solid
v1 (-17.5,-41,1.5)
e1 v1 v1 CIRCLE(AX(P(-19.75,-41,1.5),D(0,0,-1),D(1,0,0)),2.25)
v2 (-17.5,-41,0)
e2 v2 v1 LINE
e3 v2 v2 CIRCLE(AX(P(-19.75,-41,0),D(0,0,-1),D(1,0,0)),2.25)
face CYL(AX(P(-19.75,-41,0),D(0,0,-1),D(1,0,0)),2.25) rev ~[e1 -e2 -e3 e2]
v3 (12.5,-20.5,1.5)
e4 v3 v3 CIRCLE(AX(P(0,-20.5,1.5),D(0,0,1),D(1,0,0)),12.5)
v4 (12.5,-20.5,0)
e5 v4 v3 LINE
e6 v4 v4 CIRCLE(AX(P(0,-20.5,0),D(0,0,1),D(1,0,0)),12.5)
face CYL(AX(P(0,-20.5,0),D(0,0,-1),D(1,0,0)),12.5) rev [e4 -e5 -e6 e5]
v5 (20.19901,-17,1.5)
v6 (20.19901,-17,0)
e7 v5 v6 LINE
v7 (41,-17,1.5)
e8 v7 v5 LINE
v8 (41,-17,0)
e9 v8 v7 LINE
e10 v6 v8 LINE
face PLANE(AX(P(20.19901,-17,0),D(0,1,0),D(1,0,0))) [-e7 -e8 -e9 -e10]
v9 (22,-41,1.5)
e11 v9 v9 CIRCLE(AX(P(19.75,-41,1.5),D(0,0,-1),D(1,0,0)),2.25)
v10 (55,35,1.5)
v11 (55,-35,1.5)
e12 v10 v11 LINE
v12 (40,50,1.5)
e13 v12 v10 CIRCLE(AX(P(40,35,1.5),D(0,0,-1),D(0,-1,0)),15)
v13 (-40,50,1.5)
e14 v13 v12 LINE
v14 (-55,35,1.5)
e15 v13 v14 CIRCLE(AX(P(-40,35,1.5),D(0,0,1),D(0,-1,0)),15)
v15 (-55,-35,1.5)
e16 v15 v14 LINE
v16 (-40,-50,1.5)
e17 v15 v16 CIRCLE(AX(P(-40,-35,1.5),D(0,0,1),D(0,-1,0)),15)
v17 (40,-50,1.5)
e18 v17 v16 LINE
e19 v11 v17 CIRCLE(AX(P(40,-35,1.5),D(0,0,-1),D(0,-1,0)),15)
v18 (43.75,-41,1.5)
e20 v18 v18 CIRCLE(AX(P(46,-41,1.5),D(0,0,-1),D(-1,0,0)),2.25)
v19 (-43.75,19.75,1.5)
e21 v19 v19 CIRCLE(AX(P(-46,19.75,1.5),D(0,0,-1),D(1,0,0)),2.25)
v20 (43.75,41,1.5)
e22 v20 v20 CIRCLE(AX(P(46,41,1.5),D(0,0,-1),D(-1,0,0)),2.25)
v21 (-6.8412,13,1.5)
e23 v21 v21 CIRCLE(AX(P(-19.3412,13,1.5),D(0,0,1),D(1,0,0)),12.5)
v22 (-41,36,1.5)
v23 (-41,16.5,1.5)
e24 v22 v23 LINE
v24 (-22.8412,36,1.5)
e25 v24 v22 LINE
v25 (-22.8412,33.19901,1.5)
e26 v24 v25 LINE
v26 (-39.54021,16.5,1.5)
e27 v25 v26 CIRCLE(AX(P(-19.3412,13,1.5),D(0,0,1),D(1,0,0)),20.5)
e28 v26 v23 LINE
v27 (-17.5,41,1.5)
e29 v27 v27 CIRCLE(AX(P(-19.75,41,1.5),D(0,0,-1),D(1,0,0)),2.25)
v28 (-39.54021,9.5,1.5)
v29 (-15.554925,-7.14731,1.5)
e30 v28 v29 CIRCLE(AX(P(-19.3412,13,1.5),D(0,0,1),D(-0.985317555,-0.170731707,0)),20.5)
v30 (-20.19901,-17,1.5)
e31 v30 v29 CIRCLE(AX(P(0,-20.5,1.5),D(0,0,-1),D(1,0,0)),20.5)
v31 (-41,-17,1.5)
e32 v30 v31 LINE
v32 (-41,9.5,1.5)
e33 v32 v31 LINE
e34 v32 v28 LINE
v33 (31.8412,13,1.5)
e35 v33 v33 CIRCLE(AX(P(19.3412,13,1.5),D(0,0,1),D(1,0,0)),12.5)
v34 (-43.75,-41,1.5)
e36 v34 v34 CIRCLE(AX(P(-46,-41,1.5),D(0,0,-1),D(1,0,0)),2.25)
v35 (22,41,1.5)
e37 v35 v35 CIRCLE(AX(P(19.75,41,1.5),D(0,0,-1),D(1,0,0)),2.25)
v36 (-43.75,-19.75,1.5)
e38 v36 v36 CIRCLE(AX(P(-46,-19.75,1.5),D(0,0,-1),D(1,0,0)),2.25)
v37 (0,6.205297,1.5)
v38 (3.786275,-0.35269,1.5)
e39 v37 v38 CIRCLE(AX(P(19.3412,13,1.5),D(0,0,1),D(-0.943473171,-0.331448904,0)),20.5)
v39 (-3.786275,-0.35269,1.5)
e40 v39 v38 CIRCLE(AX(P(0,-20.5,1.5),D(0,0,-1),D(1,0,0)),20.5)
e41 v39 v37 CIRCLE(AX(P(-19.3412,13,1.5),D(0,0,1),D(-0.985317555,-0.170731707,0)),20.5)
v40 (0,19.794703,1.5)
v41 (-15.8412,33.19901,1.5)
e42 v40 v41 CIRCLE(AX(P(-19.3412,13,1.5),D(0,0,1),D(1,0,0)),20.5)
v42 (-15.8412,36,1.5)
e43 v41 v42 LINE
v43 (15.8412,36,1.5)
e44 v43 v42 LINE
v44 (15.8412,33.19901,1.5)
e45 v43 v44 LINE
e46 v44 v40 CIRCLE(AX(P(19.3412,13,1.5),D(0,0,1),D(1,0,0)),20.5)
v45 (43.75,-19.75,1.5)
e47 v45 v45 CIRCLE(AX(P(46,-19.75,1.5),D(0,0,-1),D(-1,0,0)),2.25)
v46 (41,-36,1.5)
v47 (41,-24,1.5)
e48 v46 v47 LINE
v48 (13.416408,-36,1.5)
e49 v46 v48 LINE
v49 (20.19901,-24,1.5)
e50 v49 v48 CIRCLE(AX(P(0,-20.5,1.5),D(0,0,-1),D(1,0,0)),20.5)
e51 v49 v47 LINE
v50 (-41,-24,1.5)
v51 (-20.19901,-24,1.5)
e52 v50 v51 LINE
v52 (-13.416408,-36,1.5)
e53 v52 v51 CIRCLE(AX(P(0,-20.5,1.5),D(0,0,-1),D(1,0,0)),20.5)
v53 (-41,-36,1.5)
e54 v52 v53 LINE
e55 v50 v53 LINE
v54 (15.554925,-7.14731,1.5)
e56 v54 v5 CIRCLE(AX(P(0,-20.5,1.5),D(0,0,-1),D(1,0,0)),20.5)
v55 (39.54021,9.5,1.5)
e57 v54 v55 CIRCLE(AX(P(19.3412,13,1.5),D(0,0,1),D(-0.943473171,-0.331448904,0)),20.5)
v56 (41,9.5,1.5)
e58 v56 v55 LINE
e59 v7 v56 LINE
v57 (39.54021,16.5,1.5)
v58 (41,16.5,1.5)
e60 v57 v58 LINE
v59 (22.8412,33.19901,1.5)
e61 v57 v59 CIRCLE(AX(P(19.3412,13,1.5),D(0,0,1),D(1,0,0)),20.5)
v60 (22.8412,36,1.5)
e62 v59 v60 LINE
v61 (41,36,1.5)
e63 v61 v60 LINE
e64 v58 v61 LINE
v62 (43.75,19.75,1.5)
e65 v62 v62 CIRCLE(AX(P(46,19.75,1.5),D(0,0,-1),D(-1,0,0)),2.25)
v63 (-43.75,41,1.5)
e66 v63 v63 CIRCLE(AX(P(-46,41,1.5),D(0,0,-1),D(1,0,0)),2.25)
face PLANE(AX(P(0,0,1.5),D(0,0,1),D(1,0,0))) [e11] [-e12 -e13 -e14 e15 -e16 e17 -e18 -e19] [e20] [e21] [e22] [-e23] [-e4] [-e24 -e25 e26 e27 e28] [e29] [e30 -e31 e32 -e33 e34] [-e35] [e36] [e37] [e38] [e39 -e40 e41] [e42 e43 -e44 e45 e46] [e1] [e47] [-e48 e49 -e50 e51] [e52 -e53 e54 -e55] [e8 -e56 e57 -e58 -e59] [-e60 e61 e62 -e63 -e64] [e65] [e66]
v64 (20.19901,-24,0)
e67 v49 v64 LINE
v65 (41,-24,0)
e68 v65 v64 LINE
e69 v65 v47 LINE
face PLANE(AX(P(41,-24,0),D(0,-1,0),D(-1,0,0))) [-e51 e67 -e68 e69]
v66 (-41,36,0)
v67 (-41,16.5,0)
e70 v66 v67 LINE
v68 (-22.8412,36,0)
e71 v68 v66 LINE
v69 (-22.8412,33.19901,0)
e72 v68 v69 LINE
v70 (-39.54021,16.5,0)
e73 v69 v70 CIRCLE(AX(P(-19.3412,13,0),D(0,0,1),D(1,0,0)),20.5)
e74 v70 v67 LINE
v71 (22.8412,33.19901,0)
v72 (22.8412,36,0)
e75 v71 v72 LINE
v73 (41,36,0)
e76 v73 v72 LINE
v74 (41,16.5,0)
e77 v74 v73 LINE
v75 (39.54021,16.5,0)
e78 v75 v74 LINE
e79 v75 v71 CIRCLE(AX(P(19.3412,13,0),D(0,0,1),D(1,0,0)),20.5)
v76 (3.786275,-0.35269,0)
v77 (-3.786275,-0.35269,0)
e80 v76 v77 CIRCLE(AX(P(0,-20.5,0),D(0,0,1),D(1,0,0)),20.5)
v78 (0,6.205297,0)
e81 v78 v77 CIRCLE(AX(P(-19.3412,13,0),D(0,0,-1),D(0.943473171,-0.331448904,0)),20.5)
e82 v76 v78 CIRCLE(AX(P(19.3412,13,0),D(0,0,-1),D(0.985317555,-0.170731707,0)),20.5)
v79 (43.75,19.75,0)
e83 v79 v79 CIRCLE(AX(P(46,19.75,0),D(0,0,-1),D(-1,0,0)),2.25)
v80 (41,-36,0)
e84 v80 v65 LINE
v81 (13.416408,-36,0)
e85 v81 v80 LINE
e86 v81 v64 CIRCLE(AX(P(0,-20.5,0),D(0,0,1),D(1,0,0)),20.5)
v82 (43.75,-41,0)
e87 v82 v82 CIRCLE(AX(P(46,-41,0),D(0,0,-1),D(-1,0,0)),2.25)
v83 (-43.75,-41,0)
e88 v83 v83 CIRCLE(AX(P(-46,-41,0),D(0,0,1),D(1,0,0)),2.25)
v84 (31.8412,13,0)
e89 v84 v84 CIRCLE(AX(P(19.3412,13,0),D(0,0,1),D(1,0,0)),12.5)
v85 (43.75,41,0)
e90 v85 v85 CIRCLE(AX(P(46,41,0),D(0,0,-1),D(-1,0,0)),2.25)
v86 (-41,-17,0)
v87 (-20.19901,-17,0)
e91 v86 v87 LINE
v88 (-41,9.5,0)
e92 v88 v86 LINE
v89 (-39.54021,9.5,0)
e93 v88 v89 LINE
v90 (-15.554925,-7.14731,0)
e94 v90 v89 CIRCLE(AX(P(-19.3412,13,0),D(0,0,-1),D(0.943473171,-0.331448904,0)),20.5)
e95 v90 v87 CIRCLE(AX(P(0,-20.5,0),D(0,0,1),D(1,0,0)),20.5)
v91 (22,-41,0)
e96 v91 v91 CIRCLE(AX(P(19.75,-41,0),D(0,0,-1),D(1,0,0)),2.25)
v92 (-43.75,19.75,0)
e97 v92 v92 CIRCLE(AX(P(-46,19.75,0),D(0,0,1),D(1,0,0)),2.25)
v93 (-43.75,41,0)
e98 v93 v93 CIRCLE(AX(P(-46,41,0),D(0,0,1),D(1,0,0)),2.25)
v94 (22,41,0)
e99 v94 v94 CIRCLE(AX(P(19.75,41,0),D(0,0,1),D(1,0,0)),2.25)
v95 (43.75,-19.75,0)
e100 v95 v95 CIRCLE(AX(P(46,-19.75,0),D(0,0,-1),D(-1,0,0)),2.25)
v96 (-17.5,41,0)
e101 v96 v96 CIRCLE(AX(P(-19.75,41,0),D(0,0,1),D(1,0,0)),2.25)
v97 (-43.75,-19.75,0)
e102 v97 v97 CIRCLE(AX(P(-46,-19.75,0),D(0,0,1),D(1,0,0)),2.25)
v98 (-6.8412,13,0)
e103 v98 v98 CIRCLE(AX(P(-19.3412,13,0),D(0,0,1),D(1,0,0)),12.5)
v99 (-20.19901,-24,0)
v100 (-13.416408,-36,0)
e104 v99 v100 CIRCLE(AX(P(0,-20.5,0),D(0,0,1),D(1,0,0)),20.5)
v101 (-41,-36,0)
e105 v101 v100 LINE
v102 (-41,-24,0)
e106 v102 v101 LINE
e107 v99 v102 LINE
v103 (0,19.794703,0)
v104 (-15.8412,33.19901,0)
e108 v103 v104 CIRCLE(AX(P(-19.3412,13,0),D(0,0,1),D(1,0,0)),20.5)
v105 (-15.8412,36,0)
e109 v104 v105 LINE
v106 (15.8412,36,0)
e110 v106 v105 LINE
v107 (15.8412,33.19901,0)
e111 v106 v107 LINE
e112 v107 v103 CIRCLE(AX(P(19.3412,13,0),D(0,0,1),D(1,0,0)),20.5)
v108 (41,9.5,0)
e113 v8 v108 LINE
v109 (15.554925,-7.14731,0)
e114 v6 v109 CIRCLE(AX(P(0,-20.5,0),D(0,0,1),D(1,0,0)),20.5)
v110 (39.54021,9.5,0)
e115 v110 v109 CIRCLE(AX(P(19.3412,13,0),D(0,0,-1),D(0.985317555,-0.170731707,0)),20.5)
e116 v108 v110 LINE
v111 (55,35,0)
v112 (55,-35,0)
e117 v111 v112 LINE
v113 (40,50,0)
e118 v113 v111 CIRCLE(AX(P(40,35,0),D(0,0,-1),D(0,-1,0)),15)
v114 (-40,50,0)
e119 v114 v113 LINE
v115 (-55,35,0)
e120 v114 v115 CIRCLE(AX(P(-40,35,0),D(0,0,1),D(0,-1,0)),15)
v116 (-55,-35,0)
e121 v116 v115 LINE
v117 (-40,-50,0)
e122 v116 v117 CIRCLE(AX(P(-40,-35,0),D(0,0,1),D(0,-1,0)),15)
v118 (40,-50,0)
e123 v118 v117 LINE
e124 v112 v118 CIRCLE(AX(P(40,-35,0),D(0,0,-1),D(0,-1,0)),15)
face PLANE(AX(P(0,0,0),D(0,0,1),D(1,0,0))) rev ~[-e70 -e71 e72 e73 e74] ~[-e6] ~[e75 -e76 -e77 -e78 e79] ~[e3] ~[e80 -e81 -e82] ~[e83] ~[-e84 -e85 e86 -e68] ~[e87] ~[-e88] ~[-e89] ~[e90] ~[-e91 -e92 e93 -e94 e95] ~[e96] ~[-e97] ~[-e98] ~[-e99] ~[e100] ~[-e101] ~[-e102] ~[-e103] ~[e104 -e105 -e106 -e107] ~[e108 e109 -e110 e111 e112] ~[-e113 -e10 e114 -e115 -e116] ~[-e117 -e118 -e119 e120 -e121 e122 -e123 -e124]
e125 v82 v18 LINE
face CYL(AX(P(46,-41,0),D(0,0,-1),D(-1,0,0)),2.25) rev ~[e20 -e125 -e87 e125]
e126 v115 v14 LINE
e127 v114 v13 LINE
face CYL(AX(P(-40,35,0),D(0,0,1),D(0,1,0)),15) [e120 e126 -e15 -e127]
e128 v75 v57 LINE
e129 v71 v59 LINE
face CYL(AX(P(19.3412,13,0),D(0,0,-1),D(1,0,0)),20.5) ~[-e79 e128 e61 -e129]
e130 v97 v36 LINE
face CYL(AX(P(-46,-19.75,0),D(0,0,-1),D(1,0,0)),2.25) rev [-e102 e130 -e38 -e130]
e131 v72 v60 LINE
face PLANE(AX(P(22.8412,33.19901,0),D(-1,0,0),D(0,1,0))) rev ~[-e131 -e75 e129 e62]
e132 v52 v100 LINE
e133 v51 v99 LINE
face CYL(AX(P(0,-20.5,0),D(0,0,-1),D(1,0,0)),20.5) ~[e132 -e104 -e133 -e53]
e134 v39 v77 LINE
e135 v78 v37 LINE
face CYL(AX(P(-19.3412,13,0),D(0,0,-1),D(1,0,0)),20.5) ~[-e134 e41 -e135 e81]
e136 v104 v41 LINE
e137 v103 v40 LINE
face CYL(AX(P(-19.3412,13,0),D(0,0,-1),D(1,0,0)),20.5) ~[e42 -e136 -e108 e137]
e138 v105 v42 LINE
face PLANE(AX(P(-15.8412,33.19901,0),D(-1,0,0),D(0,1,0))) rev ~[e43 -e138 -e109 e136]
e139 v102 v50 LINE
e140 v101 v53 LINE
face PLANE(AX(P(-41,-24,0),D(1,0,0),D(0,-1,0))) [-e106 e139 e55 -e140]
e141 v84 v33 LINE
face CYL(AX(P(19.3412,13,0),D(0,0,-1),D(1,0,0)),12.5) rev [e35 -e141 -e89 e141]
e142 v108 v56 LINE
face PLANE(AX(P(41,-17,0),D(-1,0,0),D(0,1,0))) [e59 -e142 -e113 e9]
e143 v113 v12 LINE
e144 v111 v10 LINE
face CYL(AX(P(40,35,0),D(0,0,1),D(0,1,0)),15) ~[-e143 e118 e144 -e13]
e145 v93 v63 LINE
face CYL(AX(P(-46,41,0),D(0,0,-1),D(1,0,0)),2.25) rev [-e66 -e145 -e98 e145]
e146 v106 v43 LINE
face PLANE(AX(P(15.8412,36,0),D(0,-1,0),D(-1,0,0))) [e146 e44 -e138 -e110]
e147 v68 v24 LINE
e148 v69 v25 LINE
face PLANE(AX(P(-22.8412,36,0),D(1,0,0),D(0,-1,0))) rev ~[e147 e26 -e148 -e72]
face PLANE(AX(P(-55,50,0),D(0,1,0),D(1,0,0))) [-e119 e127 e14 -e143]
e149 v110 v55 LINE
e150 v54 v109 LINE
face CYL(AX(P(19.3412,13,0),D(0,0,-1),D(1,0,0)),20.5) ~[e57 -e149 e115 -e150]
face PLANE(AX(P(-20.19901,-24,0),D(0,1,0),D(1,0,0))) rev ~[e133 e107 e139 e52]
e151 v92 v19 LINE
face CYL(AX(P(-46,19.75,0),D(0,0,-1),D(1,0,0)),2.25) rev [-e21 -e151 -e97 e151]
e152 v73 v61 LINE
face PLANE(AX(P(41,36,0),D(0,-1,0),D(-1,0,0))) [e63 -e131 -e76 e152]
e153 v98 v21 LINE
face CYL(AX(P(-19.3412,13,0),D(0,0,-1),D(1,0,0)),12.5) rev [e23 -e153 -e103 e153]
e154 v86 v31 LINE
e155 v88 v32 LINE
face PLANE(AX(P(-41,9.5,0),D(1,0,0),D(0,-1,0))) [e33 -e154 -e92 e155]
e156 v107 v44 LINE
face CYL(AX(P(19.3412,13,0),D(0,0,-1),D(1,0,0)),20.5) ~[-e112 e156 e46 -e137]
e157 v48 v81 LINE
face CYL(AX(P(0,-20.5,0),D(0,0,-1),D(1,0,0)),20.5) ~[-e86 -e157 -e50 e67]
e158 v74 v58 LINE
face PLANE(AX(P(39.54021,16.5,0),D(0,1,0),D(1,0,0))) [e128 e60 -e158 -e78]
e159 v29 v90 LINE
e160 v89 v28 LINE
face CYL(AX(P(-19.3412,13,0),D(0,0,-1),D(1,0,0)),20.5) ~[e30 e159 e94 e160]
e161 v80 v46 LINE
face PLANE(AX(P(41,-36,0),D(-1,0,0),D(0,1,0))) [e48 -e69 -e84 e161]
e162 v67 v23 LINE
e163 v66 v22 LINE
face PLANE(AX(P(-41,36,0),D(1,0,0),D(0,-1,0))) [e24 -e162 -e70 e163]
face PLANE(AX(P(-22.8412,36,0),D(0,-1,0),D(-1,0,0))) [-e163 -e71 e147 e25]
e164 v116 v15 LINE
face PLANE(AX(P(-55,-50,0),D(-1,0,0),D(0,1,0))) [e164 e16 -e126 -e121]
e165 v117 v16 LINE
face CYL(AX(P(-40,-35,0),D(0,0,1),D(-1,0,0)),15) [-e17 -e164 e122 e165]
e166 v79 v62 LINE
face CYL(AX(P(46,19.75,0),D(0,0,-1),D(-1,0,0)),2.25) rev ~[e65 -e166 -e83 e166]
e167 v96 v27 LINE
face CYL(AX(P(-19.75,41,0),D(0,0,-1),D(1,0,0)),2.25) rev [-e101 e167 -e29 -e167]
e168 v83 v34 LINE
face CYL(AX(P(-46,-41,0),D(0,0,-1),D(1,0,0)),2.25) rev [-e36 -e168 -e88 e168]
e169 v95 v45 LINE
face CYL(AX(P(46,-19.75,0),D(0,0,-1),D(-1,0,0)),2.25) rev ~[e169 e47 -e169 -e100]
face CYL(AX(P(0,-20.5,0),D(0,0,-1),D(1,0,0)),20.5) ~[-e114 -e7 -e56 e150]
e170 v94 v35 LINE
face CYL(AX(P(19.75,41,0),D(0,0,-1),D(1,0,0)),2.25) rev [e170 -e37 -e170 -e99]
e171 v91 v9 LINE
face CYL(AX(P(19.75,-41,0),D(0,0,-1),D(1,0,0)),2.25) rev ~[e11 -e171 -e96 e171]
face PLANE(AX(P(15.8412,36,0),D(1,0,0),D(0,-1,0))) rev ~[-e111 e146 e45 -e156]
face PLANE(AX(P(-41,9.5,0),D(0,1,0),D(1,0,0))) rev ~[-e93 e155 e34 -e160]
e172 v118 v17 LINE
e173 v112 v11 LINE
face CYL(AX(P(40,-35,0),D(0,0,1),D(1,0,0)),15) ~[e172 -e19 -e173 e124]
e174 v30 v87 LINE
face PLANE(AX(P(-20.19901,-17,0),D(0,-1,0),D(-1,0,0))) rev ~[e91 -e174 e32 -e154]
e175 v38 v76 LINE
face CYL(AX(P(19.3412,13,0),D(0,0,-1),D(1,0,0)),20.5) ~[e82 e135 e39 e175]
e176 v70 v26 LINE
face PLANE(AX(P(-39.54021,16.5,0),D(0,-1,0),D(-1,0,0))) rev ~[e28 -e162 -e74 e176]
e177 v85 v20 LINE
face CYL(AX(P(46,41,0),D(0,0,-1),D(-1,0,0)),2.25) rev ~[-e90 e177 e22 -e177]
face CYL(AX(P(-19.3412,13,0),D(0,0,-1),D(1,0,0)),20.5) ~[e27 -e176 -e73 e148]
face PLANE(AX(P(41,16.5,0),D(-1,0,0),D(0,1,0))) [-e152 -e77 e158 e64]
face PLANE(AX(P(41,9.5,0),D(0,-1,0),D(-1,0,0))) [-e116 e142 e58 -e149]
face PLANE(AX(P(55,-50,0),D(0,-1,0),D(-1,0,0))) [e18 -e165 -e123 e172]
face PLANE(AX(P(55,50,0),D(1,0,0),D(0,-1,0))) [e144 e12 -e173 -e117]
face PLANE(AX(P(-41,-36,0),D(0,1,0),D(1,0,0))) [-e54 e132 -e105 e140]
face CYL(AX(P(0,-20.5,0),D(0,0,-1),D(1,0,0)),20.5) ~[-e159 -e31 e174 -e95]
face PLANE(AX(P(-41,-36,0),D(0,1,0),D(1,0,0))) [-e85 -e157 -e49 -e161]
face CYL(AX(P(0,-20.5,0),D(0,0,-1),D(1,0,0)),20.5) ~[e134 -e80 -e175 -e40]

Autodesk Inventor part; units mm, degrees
ref_plane "YZ Plane" through (0, 0, 0) normal (1, 0, 0) x (0, 1, 0)
ref_plane "XZ Plane" through (0, 0, 0) normal (0, 1, 0) x (-1, 0, 0)
ref_plane "XY Plane" through (0, 0, 0) normal (0, 0, 1) x (1, 0, 0)
sketch "Sketch1" plane through (0, 0, 0) normal (0, 0, 1) x (1, 0, 0)
  line L0 (-55, 50) -> (55, 50)
  line L1 (55, 50) -> (55, -50)
  line L2 (55, -50) -> (-55, -50)
  line L3 (-55, -50) -> (-55, 50)
  line L4 (41, 36) -> (-41, 36)
  line L5 (-41, 36) -> (-41, -36)
  line L6 (-41, -36) -> (41, -36)
  line L7 (41, -36) -> (41, 36)
  line L8 (0, 152.7233) -> (0, -72.1628) construction
  line L9 (-77.8847, 0) -> (88.8171, 0) construction
  line L10 (-55, 41) -> (55, 41) construction
  circle A0 centre (0, 41) radius 2.25
  circle A1 centre (-19.75, 41) radius 2.25
  circle A2 centre (19.75, 41) radius 2.25
  line L11 (-46, 50) -> (-46, -50) construction
  circle A3 centre (-46, 41) radius 2.25
  circle A4 centre (-46, 0) radius 2.25
  line L12 (-55, -41) -> (55, -41) construction
  circle A5 centre (-46, -41) radius 2.25
  circle A6 centre (-46, 19.75) radius 2.25
  circle A7 centre (-46, -19.75) radius 2.25
  line L13 (0, -20.5) -> (-19.3412, 13) construction
  line L14 (-19.3412, 13) -> (19.3412, 13) construction
  line L15 (19.3412, 13) -> (0, -20.5) construction
  circle A8 centre (19.3412, 13) radius 12.5
  circle A9 centre (-19.3412, 13) radius 12.5
  circle A10 centre (0, -20.5) radius 12.5
  circle A11 centre (-19.3412, 13) radius 20.5
  circle A12 centre (19.3412, 13) radius 20.5
  circle A13 centre (0, -20.5) radius 20.5
  line L16 (-22.8412, 30.0471) -> (-15.8412, 30.0471)
  line L17 (-15.8412, 30.0471) -> (-15.8412, 36)
  line L18 (-15.8412, 36) -> (-22.8412, 36)
  line L19 (-22.8412, 36) -> (-22.8412, 30.0471)
  line L20 (15.8412, 30.0471) -> (22.8412, 30.0471)
  line L21 (22.8412, 30.0471) -> (22.8412, 36)
  line L22 (22.8412, 36) -> (15.8412, 36)
  line L23 (15.8412, 36) -> (15.8412, 30.0471)
  line L24 (-35.3273, 16.5) -> (-41, 16.5)
  line L25 (-41, 16.5) -> (-41, 9.5)
  line L26 (-41, 9.5) -> (-35.3273, 9.5)
  line L27 (-35.3273, 9.5) -> (-35.3273, 16.5)
  line L28 (34.9738, 16.5) -> (41, 16.5)
  line L29 (41, 16.5) -> (41, 9.5)
  line L30 (41, 9.5) -> (34.9738, 9.5)
  line L31 (34.9738, 9.5) -> (34.9738, 16.5)
  line L32 (-3.5, -36.2367) -> (3.5, -36.2367)
  line L33 (3.5, -36.2367) -> (3.5, -36)
  line L34 (3.5, -36) -> (-3.5, -36)
  line L35 (-3.5, -36) -> (-3.5, -36.2367)
  line L36 (-16.3125, -17) -> (-41, -17)
  line L37 (-41, -17) -> (-41, -24)
  line L38 (-41, -24) -> (-16.3125, -24)
  line L39 (-16.3125, -24) -> (-16.3125, -17)
  line L40 (16.0929, -17) -> (41, -17)
  line L41 (41, -17) -> (41, -24)
  line L42 (41, -24) -> (16.0929, -24)
  line L43 (16.0929, -24) -> (16.0929, -17)
  point P0 (0, 0)
  point P1 (0, 50)
  point P2 (55, 0)
  point P3 (0, 1.8333)
  point P4 (-16.3125, -20.5)
  point P5 (16.0929, -20.5)
  point P6 (34.9738, 13)
  point P7 (-35.3273, 13)
  point P8 (-19.3412, 30.0471)
  point P9 (19.3412, 30.0471)
  point P10 (0, -36.2367)
  dimension "d0" = 110
  dimension "d1" = 100
  dimension "d2" = 14
  dimension "d5" = 9
  dimension "d6" = 4.5
  dimension "d7" = 4.5
  dimension "d8" = 4.5
  dimension "d9" = 22
  dimension "d10" = 22
  dimension "d11" = 9
  dimension "d12" = 4.5
  dimension "d13" = 4.5
  dimension "d14" = 9
  dimension "d15" = 4.5
  dimension "d31" = 4.5
  dimension "d32" = 4.5
  dimension "d33" = 22
  dimension "d34" = 22
  dimension "d53" = 23
  dimension "d54" = 25
  dimension "d55" = 25
  dimension "d56" = 25
  dimension "d65" = 8
  dimension "d66" = 8
  dimension "d67" = 8
  dimension "d68" = 7
  dimension "d69" = 7
  dimension "d70" = 7
  dimension "d71" = 7
  dimension "d72" = 7
  dimension "d73" = 7
  dimension "d74" = 7
  dimension "d75" = 38.6825
extrude "Extrusion1" add sketch "Sketch1" along normal blind 1.5 contours L0 L1 L2 L3 | L21 A12 L23 L4 | L7 L30 A12 L28 | L21 L20 L23 A12 | A12 L28 L31 L30 A13 A11 L23 L20 L21 | A12 L30 L31 L28 | L17 A11 L19 L4 | L7 L42 A13 L40 | L17 L16 L19 A11 | A11 A12 A13 L26 L27 L24 L19 L16 L17 | A11 A12 | L40 L43 L42 A13 L6 L38 L39 L36 A11 A12 | A13 L42 L43 L40 | A12 A13 | L24 A11 L26 L5 | L24 L27 L26 A11 | A11 A13 | A13 L6 L35 L32 L33 | L33 L32 L35 L6 | L36 A13 L38 L5 | L36 L39 L38 A13 | A0 | A1 | A2 | A3 | A4 | A5 | A6 | A7
extrude "Extrusion2" cut sketch "Sketch1" along normal blind 10 contours A1 | A2
mirror "Mirror1" about plane through (0, 0, 0) normal (0, 1, 0) of "Extrusion2"
extrude "Extrusion3" cut sketch "Sketch1" along normal blind 10 contours A3 | A5 | A6 | A7
mirror "Mirror2" about plane through (0, 0, 0) normal (1, 0, 0) of "Extrusion3"
extrude "Extrusion7" cut sketch "Sketch1" along normal blind 10 contours L7 L28 A12 L21 L4 | L23 A12 A11 L17 L4 | L7 L40 A13 A12 L30 | L19 A11 L24 L5 L4 | L7 L6 A13 L42 | L40 L43 L42 A13 L6 L38 L39 L36 A11 A12 | A12 A13 A11 | L26 A11 A13 L36 L5 | L6 L5 L38 A13
extrude "Extrusion8" add sketch "Sketch1" along normal blind 1.5 contours L40 L43 L42 A13 L6 L38 L39 L36 A11 A12 | A13 L42 L43 L40 | A12 A13 | A11 A13 | A13 L6 L35 L32 L33 | L36 L39 L38 A13
fillet "Fillet1" radius 15 4 edges at (-55, -50, 0.75) (55, -50, 0.75) (55, 50, 0.75) (-55, 50, 0.75)
properties part number "Base"
